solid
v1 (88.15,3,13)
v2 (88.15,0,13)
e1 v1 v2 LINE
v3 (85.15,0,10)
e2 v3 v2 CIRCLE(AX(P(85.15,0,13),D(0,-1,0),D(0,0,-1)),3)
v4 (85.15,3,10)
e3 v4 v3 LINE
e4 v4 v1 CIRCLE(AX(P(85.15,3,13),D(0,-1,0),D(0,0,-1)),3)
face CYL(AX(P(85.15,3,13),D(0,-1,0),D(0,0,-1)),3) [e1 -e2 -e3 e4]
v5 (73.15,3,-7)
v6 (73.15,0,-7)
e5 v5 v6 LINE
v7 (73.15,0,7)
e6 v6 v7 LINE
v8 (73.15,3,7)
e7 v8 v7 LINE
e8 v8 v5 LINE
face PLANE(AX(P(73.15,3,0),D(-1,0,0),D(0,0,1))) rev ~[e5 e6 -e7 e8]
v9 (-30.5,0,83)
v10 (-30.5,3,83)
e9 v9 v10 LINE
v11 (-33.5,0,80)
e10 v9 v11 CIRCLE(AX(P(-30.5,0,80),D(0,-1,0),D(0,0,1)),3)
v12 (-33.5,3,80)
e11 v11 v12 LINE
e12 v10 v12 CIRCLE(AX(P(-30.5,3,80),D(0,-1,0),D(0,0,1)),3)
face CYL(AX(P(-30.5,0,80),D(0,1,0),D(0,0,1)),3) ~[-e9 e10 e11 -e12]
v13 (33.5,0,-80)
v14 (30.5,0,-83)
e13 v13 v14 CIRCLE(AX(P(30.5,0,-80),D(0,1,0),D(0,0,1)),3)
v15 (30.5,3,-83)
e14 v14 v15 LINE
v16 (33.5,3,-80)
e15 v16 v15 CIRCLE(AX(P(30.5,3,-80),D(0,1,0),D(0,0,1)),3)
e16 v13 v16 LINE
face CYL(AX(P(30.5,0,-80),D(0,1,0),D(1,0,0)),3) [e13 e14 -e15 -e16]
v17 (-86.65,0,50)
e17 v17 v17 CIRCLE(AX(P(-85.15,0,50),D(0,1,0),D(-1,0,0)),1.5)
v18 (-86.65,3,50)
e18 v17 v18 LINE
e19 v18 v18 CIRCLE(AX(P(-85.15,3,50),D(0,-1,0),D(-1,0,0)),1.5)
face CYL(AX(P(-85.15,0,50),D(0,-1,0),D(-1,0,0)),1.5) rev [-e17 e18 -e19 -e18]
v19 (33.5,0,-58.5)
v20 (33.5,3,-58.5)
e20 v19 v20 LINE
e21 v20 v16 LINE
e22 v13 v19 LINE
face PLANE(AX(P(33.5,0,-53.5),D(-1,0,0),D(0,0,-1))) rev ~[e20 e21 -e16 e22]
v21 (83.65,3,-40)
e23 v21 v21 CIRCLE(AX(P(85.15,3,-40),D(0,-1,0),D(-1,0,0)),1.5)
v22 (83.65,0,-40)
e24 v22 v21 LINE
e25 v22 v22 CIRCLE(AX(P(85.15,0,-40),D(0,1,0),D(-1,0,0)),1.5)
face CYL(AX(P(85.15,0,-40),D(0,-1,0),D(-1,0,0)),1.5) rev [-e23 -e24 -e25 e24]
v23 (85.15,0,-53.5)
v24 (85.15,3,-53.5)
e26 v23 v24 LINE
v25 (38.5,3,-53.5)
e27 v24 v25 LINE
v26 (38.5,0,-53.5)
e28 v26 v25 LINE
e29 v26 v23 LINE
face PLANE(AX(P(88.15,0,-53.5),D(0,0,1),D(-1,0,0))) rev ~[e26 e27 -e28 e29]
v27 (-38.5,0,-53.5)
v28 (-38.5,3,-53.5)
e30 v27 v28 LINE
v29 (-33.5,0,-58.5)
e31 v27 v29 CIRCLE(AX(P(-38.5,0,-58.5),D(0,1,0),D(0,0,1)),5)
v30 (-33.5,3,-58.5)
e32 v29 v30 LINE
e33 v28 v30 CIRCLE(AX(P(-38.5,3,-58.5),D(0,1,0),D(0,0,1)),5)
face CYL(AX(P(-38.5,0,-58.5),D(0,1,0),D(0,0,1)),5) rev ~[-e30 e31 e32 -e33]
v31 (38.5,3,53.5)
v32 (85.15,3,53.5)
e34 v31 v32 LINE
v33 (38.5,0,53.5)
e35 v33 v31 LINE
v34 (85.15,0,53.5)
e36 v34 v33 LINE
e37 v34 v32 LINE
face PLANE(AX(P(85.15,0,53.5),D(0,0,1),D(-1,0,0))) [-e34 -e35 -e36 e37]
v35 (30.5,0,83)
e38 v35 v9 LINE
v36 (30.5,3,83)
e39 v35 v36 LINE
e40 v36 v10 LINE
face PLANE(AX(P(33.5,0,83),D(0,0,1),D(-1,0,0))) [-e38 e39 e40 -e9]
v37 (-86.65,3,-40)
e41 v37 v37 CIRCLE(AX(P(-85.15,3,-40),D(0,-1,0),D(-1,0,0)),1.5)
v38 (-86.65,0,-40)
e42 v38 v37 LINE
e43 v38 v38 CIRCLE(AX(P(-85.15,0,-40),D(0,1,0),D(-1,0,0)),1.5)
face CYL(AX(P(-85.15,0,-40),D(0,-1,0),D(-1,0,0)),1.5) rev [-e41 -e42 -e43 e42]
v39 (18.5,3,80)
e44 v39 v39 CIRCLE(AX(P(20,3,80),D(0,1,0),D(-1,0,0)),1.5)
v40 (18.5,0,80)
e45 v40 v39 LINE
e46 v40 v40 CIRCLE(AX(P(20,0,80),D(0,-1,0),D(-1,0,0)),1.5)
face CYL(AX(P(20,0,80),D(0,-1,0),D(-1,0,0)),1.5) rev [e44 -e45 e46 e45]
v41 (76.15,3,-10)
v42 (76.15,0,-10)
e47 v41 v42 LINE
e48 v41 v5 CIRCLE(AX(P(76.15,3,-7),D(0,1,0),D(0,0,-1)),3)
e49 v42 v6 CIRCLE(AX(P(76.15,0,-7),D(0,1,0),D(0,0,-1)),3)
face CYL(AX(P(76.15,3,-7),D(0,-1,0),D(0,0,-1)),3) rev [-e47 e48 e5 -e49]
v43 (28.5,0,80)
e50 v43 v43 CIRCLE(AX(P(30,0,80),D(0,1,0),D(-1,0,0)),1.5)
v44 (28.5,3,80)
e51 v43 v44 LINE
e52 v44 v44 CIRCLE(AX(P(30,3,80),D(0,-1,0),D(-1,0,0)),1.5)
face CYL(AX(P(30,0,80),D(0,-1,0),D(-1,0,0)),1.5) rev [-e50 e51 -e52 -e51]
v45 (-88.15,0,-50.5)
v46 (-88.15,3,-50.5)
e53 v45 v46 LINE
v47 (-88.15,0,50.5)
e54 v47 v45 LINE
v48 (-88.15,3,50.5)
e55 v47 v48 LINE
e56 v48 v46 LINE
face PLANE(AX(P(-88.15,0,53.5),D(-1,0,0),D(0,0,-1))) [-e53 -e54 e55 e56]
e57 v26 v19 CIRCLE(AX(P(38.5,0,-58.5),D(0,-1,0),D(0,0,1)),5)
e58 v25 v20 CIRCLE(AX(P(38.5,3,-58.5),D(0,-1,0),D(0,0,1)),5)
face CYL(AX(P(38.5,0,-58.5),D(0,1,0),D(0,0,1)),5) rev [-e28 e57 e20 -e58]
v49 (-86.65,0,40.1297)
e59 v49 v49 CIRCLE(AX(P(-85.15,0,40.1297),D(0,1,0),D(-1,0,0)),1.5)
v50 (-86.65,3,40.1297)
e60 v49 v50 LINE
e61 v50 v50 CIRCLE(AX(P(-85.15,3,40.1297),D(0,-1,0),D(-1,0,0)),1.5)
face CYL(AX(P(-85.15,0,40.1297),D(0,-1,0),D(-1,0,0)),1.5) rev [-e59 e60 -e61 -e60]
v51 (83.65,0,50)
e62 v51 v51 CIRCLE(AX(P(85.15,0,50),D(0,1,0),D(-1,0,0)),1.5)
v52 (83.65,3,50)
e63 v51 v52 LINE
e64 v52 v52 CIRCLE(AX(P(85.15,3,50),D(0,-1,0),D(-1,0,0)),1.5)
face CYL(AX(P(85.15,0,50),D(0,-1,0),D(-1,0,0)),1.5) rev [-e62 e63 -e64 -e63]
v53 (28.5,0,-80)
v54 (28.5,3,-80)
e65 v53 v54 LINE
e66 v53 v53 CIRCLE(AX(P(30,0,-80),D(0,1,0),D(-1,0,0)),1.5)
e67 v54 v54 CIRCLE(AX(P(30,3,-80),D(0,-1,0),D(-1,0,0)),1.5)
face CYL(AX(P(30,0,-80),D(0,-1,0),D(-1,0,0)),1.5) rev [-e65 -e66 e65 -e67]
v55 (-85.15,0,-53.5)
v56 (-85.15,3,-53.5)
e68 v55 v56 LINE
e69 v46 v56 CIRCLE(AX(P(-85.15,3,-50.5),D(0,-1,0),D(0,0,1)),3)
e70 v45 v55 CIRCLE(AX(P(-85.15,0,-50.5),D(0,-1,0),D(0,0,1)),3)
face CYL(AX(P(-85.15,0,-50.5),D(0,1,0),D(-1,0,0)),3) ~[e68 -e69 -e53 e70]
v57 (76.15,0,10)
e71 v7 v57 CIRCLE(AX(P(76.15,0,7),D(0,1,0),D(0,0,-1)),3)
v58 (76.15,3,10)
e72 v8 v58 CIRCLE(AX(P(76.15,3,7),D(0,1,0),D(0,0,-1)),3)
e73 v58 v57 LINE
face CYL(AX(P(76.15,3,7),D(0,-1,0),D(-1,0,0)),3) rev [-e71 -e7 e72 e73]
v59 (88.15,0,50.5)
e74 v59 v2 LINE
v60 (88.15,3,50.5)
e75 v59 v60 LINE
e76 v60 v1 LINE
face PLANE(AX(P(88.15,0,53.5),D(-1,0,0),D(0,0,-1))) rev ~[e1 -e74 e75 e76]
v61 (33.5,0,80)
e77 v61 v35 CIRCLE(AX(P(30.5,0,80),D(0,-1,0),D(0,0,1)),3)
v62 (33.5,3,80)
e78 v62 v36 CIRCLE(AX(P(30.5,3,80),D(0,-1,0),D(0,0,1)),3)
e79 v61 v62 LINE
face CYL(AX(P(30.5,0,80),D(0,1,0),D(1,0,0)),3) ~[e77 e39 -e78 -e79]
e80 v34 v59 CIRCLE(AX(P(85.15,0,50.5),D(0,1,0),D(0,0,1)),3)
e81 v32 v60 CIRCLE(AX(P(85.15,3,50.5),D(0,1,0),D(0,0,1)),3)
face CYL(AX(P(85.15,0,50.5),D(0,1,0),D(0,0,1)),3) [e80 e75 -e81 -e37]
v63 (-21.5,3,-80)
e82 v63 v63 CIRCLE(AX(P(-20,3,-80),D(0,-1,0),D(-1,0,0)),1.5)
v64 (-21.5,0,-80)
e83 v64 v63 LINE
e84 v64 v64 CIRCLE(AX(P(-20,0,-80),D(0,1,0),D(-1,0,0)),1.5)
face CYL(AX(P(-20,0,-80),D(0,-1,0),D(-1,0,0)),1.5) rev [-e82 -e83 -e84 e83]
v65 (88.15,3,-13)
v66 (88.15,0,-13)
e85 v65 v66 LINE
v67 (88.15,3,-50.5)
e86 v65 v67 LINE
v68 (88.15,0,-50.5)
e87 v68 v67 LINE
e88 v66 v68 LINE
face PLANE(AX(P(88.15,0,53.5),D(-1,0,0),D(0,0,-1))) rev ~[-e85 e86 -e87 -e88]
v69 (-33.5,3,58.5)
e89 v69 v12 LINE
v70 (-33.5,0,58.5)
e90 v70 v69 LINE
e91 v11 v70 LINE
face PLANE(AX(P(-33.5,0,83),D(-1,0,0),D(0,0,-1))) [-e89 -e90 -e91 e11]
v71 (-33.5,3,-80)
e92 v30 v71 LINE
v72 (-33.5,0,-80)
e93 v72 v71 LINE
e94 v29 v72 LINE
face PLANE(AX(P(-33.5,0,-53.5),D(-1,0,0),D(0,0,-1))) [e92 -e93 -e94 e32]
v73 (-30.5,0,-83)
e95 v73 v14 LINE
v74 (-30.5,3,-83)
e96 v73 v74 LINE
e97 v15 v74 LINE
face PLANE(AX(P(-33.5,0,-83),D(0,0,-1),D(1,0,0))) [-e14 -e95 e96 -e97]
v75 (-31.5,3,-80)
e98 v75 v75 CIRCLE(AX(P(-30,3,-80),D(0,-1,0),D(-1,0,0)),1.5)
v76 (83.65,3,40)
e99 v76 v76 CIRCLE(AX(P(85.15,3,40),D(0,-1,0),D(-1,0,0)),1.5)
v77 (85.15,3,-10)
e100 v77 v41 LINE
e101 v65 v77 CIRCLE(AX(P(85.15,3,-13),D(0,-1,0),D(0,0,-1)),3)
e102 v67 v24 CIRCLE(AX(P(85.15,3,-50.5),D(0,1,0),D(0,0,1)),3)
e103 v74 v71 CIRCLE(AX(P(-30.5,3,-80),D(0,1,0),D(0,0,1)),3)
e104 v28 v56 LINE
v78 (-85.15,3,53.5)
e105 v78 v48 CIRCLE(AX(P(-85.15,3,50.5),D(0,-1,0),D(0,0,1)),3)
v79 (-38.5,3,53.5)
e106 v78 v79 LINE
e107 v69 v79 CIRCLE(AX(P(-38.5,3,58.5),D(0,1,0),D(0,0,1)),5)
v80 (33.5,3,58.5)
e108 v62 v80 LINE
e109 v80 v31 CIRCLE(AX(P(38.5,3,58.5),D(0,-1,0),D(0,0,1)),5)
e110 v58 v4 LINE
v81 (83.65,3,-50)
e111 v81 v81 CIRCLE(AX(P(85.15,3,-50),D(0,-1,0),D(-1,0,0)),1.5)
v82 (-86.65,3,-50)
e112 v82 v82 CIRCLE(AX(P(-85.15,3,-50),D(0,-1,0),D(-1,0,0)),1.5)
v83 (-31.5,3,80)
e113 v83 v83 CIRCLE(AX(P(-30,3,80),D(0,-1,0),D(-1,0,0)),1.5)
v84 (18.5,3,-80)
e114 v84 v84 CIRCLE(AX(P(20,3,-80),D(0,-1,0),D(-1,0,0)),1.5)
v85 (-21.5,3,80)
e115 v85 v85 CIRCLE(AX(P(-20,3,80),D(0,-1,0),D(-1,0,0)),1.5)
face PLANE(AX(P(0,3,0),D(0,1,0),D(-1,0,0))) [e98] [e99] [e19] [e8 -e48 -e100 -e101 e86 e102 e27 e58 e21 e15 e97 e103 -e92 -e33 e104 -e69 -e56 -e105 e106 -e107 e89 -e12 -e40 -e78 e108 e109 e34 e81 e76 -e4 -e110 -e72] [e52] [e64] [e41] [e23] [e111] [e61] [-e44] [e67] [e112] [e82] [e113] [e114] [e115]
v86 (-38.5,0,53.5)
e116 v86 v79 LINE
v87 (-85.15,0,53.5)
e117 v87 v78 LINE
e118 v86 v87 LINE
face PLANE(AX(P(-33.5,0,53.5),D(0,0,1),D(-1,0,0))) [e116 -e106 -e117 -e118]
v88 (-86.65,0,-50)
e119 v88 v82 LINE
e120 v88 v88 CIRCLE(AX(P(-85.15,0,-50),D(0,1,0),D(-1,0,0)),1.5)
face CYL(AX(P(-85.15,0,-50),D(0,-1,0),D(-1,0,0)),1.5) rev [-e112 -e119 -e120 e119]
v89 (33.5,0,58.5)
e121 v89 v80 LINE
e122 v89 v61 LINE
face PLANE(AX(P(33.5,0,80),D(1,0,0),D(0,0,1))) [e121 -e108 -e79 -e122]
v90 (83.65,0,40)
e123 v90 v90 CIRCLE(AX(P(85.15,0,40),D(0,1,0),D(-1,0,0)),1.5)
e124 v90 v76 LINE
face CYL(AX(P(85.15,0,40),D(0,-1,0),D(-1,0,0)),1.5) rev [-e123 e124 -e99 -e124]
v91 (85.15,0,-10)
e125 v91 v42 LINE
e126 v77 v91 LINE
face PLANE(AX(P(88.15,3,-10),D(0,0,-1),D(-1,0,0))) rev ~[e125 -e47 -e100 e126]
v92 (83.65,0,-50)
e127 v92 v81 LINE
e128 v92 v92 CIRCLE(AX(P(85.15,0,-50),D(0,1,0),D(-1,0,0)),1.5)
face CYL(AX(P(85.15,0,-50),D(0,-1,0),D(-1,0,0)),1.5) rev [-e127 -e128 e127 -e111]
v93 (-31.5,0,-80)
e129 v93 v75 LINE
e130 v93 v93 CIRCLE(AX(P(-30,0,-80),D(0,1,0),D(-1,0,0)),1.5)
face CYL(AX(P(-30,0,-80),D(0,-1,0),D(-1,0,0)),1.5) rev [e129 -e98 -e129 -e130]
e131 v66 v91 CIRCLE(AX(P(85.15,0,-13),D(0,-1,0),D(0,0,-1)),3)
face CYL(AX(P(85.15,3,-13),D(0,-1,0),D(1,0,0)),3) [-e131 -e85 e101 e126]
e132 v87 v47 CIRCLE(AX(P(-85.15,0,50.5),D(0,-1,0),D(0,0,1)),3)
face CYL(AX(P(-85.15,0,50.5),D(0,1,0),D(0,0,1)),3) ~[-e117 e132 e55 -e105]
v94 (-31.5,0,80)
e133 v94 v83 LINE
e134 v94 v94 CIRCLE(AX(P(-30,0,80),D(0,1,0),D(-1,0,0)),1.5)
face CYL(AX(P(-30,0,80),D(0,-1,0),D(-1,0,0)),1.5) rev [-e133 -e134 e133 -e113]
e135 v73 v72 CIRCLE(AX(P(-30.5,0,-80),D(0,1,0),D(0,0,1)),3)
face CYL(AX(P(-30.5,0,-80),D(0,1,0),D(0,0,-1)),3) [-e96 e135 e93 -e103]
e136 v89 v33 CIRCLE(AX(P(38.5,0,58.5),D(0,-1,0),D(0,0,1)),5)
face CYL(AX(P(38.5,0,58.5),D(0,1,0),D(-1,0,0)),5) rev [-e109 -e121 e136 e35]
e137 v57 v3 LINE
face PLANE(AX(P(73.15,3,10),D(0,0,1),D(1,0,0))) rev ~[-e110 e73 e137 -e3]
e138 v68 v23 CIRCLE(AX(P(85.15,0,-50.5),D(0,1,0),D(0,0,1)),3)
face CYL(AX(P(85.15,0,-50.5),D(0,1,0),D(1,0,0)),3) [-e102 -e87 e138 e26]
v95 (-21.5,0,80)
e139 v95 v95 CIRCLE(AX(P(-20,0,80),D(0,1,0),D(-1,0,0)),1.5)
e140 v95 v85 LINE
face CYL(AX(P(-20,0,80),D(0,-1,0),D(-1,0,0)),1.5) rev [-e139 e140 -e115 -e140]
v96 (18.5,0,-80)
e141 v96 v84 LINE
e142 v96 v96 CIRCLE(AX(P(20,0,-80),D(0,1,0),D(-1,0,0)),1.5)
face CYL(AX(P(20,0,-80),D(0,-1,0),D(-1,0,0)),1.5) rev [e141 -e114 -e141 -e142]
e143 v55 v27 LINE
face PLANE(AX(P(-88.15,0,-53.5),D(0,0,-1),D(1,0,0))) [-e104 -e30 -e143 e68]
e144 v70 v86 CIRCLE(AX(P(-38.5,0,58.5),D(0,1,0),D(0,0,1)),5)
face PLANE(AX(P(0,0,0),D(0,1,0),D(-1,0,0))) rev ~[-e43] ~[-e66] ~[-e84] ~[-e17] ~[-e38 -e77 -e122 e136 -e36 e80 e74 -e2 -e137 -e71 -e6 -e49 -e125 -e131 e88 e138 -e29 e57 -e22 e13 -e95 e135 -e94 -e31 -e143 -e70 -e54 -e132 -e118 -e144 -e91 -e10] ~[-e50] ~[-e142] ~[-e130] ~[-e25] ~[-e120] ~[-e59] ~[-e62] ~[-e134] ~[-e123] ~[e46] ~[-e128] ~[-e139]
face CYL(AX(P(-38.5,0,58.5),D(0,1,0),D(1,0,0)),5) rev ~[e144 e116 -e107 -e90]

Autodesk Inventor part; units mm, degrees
ref_plane "YZ Plane" through (0, 0, 0) normal (1, 0, 0) x (0, 1, 0)
ref_plane "XZ Plane" through (0, 0, 0) normal (0, 1, 0) x (-1, 0, 0)
ref_plane "XY Plane" through (0, 0, 0) normal (0, 0, 1) x (1, 0, 0)
sketch "Sketch1" plane through (0, 0, 0) normal (0, 1, 0) x (-1, 0, 0)
  line L0 (-20, 80) -> (20, 80)
  line L1 (20, 80) -> (20, -80)
  line L2 (20, -80) -> (-20, -80)
  line L3 (-20, -80) -> (-20, 80)
  line L4 (-20, 80) -> (20, -80) construction
  line L5 (20, 80) -> (-20, -80) construction
  line L6 (20, 80) -> (30, 80)
  line L7 (30, 80) -> (30, -80)
  line L8 (30, -80) -> (20, -80)
  line L9 (20, -80) -> (20, 80)
  line L10 (-20, 80) -> (-30, 80)
  line L11 (-30, 80) -> (-30, -80)
  line L12 (-30, -80) -> (-20, -80)
  line L13 (-20, -80) -> (-20, 80)
  circle A0 centre (30, 80) radius 1.5
  circle A1 centre (20, 80) radius 1.5
  circle A2 centre (-20, 80) radius 1.5
  circle A3 centre (-30, 80) radius 1.5
  circle A4 centre (30, -80) radius 1.5
  circle A5 centre (-30, -80) radius 1.5
  line L14 (-85.15, 40) -> (85.15, 40)
  line L15 (85.15, 40) -> (85.15, -40)
  line L16 (85.15, -40) -> (-85.15, -40)
  line L17 (-85.15, -40) -> (-85.15, 40)
  line L18 (-85.15, 40) -> (85.15, -40) construction
  line L19 (85.15, 40) -> (-85.15, -40) construction
  line L20 (85.15, 40) -> (-85.15, 40)
  line L21 (-85.15, 40) -> (-85.15, 50)
  line L22 (-85.15, 50) -> (85.15, 50)
  line L23 (85.15, 50) -> (85.15, 40)
  line L24 (85.15, -40) -> (-85.15, -40)
  line L25 (-85.15, -40) -> (-85.15, -50)
  line L26 (-85.15, -50) -> (85.15, -50)
  line L27 (85.15, -50) -> (85.15, -40)
  circle A6 centre (-85.15, 50) radius 1.5
  circle A7 centre (-85.15, 40) radius 1.5
  circle A8 centre (-85.15, -40) radius 1.5
  circle A9 centre (-85.15, -50) radius 1.5
  circle A10 centre (-20, -80) radius 1.5
  circle A11 centre (20, -80) radius 1.5
  circle A12 centre (85.15, -40) radius 1.5
  circle A13 centre (85.15, -50) radius 1.5
  circle A14 centre (85.15, 50) radius 1.5
  circle A15 centre (85.15, 40.1297) radius 1.5
  line L28 (85.15, 50) -> (-85.15, 50)
  line L29 (-85.15, 50) -> (-85.15, 53.5)
  line L30 (-85.15, 53.5) -> (85.15, 53.5)
  line L31 (85.15, 53.5) -> (85.15, 50)
  line L32 (-30, 80) -> (-33.5, 80)
  line L33 (-33.5, 80) -> (-33.5, -80)
  line L34 (-33.5, -80) -> (-30, -80)
  line L35 (-30, -80) -> (-30, 80)
  line L36 (85.15, -50) -> (-85.15, -50)
  line L37 (-85.15, -50) -> (-85.15, -53.5)
  line L38 (-85.15, -53.5) -> (85.15, -53.5)
  line L39 (85.15, -53.5) -> (85.15, -50)
  line L40 (30, -80) -> (-33.5, -80)
  line L41 (-33.5, -80) -> (-33.5, -83)
  line L42 (-33.5, -83) -> (30, -83)
  line L43 (30, -83) -> (30, -80)
  line L44 (30, 80) -> (33.5, 80)
  line L45 (33.5, 80) -> (33.5, -83)
  line L46 (33.5, -83) -> (30, -83)
  line L47 (30, -83) -> (30, 80)
  line L48 (33.5, 80) -> (-33.5, 80)
  line L49 (-33.5, 80) -> (-33.5, 83)
  line L50 (-33.5, 83) -> (33.5, 83)
  line L51 (33.5, 83) -> (33.5, 80)
  line L52 (85.15, 53.5) -> (88.15, 53.5)
  line L53 (88.15, 53.5) -> (88.15, -53.5)
  line L54 (88.15, -53.5) -> (85.15, -53.5)
  line L55 (85.15, -53.5) -> (85.15, 53.5)
  line L56 (-85.15, 53.5) -> (-88.15, 53.5)
  line L57 (-88.15, 53.5) -> (-88.15, -53.5)
  line L58 (-88.15, -53.5) -> (-85.15, -53.5)
  line L59 (-85.15, -53.5) -> (-85.15, 53.5)
  point P0 (0, 0)
  point P1 (-33.5, 53.5)
  point P2 (-33.5, -53.5)
  point P3 (33.5, -53.5)
  point P4 (33.5, 53.5)
  point P5 (-18.5, 80)
  point P6 (-20, 78.5)
  point P7 (20, 78.5)
  point P8 (18.5, 80)
  dimension "d0" = 40
  dimension "d1" = 160
  dimension "d2" = 10
  dimension "d3" = 10
  dimension "d4" = 3
  dimension "d5" = 3
  dimension "d6" = 3
  dimension "d7" = 3
  dimension "d8" = 3
  dimension "d9" = 3
  dimension "d10" = 170.3
  dimension "d11" = 80
  dimension "d12" = 10
  dimension "d13" = 10
  dimension "d14" = 3
  dimension "d15" = 3
  dimension "d16" = 3
  dimension "d17" = 3
  dimension "d18" = 3
  dimension "d19" = 3
  dimension "d20" = 3
  dimension "d21" = 3
  dimension "d22" = 3
  dimension "d23" = 3
  dimension "d24" = 3.5
  dimension "d25" = 3.5
  dimension "d26" = 3.5
  dimension "d27" = 3
  dimension "d28" = 3.5
  dimension "d29" = 3
  dimension "d30" = 3
  dimension "d31" = 3
extrude "Extrusion1" add sketch "Sketch1" along normal blind 3 contours A2 L10 A3 L32 L49 L50 L51 L44 A0 L6 A1 L0 | L0 A1 L1 L30 L3 A2 | L3 L30 L11 A3 L10 A2 | L30 L1 L22 L3 | L3 L22 L11 L30 | L6 A0 L7 L30 L1 A1 | L22 L1 L14 L3 | L3 L14 L11 L22 | L30 L33 L32 A3 L11 | L11 L22 L33 L30 | L30 L7 L22 L1 | L14 L1 L16 L3 | L3 L16 L11 L14 | L11 L14 L33 L22 | L22 L7 L14 L1 | L33 L22 A6 L29 L30 | L30 L45 L22 L7 | L7 A0 L44 L45 L30 | L16 L1 L26 L3 | L3 L26 L11 L16 | L11 L16 L33 L14 | L14 L7 L16 L1 | L33 L14 A7 L21 A6 L22 | L22 L45 L14 L7 | L29 A6 L21 A7 L17 A8 L25 A9 L37 L58 L57 L56 | L30 L31 A14 L22 L45 | L26 L1 L38 L3 | L3 L38 L11 L26 | L16 L7 L26 L1 | L11 L26 L33 L16 | L33 L16 A8 L17 A7 L14 | L14 L45 L16 L7 | L22 A14 L23 A15 L14 L45 | L52 L53 L54 L39 A13 L27 A12 L15 A15 L23 A14 L31 | L38 L1 A11 L2 A10 L3 | L3 A10 L12 A5 L11 L38 | L11 L38 L33 L26 | L26 L7 L38 L1 | L16 L45 L26 L7 | L33 L26 A9 L25 A8 L16 | L14 A15 L15 A12 L16 L45 | L11 A5 L34 L33 L38 | L38 L7 A4 L8 A11 L1 | L33 L38 L37 A9 L26 | L26 L45 L38 L7 | L16 A12 L27 A13 L26 L45 | L2 A11 L8 A4 L43 L42 L41 L34 A5 L12 A10 | L38 L45 L46 L43 A4 L7 | L26 A13 L39 L38 L45
fillet "Fillet1" radius 5 4 edges at (33.5, 1.5, 53.5) (-33.5, 1.5, 53.5) (-33.5, 1.5, -53.5) (33.5, 1.5, -53.5)
fillet "Fillet2" radius 3 8 edges at (-88.15, 1.5, 53.5) (-88.15, 1.5, -53.5) (-33.5, 1.5, -83) (33.5, 1.5, -83) (88.15, 1.5, -53.5) (88.15, 1.5, 53.5) (33.5, 1.5, 83) (-33.5, 1.5, 83)
sketch "Sketch2" plane through (0, 3, 0) normal (0, 1, 0) x (1, 0, 0)
  line L0 (88.15, -50.5) -> (88.15, 50.5) projected
  line L1 (88.15, 0) -> (73.15, 0)
  line L2 (73.15, 0) -> (73.15, -10)
  line L3 (73.15, -10) -> (88.15, -10)
  line L4 (88.15, -10) -> (88.15, 0)
  line L5 (73.15, 0) -> (88.15, 0)
  line L6 (88.15, 0) -> (88.15, 10)
  line L7 (88.15, 10) -> (73.15, 10)
  line L8 (73.15, 10) -> (73.15, 0)
  point P0 (0, 0)
  dimension "d36" = 15
  dimension "d37" = 10
  dimension "d38" = 10
extrude "Extrusion2" cut sketch "Sketch2" against normal blind 3
fillet "Fillet3" radius 3 4 edges at (73.15, 1.5, -10) (88.15, 1.5, -10) (73.15, 1.5, 10) (88.15, 1.5, 10)
properties part number "cover"
